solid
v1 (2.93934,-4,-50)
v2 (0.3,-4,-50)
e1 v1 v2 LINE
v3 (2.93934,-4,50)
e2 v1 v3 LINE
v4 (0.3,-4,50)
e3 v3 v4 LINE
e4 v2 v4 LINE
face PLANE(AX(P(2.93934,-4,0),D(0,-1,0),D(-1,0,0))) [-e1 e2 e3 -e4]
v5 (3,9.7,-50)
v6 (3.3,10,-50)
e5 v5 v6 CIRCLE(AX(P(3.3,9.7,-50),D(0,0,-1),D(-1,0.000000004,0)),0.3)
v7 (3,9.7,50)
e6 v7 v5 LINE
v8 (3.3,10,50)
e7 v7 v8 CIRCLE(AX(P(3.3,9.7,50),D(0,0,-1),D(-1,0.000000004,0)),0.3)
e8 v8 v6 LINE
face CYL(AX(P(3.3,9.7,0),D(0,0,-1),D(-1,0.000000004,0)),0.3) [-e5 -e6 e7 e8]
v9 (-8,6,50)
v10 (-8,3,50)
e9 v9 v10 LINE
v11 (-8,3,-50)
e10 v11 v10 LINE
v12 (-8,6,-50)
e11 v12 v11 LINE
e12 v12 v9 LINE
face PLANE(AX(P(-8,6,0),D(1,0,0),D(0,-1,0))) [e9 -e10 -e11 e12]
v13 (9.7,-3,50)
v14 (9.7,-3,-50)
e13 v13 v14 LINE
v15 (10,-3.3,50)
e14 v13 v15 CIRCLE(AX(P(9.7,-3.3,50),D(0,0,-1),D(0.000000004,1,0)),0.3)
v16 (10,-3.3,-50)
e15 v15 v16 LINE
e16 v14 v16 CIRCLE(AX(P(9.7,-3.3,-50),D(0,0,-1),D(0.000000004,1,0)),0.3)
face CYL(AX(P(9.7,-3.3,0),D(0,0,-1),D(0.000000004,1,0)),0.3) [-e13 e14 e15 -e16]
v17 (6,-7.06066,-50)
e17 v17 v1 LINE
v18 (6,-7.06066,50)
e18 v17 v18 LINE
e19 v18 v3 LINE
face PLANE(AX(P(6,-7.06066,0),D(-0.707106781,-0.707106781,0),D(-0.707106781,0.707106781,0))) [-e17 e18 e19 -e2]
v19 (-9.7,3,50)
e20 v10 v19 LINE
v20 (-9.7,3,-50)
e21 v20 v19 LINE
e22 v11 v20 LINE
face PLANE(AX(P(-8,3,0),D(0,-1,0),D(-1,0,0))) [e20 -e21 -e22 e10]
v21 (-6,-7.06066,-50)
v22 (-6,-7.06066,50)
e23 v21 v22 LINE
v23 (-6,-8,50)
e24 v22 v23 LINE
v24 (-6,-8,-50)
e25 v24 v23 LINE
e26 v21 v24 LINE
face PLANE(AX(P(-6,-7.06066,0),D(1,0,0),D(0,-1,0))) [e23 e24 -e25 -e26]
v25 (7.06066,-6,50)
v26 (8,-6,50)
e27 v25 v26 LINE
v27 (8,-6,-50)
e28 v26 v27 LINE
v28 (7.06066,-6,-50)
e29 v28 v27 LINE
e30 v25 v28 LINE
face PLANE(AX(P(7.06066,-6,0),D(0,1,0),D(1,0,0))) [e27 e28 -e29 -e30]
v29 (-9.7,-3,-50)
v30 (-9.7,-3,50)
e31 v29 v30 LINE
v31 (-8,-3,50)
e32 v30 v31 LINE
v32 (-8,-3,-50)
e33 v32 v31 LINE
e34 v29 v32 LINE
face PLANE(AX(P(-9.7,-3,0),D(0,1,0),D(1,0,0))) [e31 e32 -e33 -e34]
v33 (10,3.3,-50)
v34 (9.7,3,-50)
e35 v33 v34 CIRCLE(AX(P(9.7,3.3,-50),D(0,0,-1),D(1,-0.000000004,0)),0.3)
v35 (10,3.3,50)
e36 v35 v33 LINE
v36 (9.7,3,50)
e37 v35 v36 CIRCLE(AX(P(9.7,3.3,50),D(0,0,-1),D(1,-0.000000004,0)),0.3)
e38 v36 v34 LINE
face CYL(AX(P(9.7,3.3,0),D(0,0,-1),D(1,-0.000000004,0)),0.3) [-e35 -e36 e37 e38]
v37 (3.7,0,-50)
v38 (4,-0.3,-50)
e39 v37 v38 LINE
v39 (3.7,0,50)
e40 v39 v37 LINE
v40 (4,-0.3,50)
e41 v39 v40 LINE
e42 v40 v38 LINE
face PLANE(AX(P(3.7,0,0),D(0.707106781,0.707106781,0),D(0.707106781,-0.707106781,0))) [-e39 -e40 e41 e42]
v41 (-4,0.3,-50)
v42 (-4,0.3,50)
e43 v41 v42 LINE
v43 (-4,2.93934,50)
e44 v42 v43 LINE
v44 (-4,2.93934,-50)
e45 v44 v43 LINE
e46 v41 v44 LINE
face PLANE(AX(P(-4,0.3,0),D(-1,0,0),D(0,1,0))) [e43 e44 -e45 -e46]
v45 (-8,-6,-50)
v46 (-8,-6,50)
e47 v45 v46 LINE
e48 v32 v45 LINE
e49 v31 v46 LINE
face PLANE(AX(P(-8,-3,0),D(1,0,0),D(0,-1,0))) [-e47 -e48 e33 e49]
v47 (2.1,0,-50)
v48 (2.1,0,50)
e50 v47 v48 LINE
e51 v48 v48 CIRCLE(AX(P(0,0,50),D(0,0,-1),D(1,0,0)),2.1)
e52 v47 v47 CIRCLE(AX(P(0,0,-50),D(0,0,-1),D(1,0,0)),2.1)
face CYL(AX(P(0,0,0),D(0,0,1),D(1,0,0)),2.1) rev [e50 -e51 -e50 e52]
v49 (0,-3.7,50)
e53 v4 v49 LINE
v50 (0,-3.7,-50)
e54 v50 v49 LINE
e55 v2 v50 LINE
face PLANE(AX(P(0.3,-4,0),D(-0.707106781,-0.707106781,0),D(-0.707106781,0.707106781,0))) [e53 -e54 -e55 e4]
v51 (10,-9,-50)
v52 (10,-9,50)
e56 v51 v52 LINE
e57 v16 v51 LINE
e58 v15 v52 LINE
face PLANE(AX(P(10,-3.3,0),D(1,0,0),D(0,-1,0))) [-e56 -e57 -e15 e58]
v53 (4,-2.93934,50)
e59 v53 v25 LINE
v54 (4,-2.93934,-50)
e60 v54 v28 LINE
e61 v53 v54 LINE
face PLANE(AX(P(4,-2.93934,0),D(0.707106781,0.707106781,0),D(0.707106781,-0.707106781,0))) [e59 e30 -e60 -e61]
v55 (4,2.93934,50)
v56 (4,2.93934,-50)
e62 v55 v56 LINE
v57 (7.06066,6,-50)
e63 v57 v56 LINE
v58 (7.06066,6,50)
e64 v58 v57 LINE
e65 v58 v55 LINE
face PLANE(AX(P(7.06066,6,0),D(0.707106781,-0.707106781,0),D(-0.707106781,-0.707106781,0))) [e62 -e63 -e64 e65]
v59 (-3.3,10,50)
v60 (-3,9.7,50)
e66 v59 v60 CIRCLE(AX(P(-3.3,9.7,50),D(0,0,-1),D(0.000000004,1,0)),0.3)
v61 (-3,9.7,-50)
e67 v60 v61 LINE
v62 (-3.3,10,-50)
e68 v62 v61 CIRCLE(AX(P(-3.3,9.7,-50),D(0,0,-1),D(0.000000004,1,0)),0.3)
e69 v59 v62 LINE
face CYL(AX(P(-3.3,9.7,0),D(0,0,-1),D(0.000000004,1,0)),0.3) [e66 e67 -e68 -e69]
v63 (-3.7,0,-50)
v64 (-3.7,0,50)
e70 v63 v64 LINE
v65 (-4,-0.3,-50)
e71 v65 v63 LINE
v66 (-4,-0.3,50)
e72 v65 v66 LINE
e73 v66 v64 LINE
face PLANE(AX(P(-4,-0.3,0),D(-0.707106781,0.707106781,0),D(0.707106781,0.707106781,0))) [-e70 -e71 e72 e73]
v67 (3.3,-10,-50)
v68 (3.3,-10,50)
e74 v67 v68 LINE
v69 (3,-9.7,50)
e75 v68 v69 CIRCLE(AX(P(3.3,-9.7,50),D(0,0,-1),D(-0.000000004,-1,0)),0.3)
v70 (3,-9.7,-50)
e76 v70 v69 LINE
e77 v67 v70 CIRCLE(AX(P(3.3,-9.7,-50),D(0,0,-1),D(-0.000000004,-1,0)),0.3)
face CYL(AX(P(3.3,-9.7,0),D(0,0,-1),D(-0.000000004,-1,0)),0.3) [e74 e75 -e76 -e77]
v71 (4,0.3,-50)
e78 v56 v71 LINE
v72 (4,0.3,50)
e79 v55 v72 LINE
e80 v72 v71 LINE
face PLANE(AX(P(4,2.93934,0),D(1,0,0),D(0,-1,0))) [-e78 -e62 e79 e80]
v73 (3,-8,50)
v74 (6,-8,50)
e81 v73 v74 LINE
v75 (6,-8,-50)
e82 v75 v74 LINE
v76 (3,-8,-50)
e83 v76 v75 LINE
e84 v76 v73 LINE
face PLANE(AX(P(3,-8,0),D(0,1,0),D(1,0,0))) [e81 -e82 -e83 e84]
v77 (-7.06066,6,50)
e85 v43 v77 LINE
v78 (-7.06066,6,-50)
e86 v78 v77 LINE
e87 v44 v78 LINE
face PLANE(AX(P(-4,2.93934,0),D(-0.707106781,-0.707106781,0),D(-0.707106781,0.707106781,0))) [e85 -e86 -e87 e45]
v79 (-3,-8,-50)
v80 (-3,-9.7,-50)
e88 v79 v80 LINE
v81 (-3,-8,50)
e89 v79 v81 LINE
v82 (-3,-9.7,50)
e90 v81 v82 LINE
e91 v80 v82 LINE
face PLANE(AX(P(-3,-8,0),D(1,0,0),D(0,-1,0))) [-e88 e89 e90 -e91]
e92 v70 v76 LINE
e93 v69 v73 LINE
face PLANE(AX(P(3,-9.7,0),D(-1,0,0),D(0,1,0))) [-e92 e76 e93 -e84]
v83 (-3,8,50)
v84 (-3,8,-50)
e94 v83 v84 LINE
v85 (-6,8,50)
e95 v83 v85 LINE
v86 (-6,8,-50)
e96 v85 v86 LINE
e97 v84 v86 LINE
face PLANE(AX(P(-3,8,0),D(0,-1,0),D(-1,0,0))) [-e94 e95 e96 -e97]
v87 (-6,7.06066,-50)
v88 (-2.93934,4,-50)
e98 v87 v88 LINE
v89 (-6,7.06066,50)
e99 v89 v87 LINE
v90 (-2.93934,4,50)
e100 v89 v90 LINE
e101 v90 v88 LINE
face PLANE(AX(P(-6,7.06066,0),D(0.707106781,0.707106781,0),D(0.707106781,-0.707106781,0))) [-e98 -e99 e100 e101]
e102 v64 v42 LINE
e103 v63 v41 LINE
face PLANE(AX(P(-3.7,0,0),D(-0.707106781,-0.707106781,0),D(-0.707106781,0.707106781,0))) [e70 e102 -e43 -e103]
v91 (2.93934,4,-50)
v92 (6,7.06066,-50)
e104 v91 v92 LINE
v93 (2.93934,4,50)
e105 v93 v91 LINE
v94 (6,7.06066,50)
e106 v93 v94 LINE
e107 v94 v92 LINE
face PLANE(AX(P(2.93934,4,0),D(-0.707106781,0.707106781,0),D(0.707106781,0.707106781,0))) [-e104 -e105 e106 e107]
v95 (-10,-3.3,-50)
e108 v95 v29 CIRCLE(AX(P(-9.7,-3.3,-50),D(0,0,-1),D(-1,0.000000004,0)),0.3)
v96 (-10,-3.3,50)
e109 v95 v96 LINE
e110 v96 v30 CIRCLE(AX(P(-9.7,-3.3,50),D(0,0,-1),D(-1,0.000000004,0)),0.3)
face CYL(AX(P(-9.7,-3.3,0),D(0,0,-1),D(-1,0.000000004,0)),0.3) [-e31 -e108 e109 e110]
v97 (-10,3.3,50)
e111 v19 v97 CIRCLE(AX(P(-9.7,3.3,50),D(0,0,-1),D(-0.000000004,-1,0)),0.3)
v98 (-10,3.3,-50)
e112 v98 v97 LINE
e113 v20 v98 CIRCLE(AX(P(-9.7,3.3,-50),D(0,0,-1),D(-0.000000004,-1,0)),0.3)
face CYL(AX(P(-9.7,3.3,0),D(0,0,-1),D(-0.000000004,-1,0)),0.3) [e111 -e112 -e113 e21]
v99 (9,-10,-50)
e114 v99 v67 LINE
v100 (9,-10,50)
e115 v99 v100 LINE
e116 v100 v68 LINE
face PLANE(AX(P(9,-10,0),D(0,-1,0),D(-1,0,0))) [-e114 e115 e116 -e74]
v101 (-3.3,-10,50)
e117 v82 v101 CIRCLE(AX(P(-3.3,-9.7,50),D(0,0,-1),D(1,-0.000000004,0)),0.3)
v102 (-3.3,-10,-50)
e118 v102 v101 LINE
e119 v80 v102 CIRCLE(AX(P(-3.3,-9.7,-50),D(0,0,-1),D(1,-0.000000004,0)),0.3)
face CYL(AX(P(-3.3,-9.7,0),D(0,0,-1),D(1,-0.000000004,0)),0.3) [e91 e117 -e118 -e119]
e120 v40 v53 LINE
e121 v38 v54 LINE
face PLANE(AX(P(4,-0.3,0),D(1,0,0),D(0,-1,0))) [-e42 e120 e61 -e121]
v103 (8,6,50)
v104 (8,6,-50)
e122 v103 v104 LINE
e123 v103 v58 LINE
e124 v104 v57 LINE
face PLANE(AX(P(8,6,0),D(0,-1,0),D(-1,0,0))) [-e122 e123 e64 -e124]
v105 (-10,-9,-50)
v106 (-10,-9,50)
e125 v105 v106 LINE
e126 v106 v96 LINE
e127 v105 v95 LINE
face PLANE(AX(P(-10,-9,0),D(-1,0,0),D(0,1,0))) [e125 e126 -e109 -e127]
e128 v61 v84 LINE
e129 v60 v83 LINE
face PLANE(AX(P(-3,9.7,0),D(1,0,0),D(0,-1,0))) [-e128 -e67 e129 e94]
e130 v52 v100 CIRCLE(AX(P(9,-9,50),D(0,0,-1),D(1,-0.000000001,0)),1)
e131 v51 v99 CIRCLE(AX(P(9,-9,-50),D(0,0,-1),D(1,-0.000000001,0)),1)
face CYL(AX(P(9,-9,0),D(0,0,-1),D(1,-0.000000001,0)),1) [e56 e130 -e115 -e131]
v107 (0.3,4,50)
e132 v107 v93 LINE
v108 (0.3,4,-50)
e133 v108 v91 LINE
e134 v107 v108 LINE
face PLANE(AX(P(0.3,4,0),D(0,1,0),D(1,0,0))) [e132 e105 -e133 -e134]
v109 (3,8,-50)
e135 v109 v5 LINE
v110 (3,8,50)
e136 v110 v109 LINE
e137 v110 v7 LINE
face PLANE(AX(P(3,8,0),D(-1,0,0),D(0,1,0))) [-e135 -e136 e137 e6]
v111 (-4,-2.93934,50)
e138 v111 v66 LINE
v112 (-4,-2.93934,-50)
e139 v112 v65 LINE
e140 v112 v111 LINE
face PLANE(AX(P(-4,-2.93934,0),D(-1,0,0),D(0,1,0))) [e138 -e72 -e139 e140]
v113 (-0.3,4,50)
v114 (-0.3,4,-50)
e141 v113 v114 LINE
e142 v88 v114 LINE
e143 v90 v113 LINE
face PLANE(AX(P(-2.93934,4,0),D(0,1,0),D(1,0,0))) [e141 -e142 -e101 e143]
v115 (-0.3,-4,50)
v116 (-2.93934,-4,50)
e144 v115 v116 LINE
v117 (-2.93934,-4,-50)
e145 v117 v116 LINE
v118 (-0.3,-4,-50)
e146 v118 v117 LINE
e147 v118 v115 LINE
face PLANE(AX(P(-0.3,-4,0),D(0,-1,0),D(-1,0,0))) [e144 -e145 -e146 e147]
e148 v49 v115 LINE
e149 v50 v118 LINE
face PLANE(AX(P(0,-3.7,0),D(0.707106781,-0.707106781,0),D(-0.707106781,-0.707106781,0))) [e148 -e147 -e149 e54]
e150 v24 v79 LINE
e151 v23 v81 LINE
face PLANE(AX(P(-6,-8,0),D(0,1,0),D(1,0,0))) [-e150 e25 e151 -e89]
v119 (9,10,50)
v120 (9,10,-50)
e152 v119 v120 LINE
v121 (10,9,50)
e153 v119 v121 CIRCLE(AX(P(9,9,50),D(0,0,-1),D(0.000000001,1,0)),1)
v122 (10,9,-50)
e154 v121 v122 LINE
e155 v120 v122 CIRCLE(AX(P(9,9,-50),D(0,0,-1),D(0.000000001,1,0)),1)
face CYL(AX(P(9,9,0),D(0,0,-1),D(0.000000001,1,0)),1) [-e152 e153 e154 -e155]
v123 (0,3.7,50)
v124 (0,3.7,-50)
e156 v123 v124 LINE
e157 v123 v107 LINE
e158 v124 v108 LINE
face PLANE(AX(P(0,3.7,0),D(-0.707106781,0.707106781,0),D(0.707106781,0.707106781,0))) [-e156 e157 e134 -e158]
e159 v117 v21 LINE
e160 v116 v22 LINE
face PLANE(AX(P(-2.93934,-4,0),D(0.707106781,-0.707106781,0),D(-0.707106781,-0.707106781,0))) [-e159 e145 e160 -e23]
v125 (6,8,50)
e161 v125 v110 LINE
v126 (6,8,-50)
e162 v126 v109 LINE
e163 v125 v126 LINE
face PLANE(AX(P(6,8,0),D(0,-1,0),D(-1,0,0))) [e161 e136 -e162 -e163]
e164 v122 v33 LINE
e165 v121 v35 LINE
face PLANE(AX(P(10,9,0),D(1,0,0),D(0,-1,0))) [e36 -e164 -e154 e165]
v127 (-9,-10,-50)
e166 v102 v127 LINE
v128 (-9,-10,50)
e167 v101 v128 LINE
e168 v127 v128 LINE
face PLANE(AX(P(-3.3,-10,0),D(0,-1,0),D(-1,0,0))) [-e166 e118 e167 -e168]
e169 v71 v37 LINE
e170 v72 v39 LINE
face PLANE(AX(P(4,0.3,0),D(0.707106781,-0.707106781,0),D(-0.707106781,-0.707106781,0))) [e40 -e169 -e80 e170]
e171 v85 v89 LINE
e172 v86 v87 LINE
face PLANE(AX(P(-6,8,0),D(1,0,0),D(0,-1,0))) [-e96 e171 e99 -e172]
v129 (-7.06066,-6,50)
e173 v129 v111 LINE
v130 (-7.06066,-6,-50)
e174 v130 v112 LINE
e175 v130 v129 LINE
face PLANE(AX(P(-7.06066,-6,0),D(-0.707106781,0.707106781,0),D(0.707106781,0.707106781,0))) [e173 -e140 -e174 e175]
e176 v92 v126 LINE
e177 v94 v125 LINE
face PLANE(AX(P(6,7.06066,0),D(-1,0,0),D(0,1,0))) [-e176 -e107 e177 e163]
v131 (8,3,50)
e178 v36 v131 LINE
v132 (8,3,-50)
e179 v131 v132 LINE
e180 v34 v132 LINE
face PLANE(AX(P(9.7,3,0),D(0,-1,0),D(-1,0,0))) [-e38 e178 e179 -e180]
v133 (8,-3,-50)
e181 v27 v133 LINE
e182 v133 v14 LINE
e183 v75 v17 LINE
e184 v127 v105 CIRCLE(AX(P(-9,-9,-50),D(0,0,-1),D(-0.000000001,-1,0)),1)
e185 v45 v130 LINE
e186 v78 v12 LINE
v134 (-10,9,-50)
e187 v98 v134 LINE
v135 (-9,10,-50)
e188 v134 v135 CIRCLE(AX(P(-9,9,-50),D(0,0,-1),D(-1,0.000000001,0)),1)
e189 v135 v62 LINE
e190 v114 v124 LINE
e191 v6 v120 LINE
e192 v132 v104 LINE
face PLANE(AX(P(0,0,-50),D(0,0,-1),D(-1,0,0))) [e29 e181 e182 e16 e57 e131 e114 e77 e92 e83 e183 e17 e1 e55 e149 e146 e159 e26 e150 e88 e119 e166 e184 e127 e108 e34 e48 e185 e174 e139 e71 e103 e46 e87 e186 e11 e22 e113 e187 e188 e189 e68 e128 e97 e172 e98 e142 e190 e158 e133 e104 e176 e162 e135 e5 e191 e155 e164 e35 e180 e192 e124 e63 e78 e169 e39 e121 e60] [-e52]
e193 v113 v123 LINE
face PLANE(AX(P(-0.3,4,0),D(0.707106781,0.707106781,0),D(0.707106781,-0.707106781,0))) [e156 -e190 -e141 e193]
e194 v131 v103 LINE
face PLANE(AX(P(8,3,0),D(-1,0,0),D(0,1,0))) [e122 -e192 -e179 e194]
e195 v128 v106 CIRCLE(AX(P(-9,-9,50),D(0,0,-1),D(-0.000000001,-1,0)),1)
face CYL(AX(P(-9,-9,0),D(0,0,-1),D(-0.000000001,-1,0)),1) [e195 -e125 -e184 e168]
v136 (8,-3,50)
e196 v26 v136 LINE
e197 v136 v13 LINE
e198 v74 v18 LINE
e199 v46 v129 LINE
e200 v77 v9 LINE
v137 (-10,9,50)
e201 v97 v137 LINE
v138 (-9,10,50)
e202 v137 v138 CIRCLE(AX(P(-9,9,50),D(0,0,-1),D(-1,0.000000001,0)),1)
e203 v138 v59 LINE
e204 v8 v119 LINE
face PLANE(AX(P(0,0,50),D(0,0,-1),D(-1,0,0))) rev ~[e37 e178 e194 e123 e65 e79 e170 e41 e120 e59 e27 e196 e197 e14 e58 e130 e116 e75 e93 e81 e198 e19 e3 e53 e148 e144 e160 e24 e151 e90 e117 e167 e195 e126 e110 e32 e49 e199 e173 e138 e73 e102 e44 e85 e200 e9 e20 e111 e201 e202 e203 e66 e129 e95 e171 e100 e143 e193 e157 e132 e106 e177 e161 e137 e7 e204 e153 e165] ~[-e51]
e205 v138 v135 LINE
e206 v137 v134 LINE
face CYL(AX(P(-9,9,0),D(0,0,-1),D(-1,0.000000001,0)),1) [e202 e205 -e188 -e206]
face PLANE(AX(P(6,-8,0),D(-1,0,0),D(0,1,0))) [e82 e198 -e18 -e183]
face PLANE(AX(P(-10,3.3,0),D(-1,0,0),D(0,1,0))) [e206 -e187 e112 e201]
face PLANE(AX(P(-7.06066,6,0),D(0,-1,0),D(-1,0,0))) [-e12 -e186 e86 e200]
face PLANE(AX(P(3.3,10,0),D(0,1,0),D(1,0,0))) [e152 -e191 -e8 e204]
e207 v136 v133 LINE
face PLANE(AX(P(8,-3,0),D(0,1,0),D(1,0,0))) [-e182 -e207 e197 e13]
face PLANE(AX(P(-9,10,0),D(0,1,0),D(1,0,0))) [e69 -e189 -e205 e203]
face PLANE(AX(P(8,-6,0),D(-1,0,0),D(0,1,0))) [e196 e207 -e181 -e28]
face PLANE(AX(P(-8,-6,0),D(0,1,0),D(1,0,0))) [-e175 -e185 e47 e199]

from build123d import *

# Parameters (mm, degrees)
SKETCH1_R           = 2.1
BOSS_EXTRUDE1_DEPTH = 50


with BuildPart() as part:
    # Sketch1 → Boss-Extrude1 (new, symmetric)
    with BuildSketch(Plane(origin=(0, 0, 0), x_dir=(-1, 0, 0), z_dir=(0, 0, -1))):
        with BuildLine():
            Line((10, 3.3), (10, 9))
            ThreePointArc((10, 9), (9.707106781, 9.707106781), (9, 10))
            Line((9, 10), (3.3, 10))
            ThreePointArc((3.3, 10), (3.087867966, 9.912132034), (3, 9.7))
            Line((3, 9.7), (3, 8))
            Line((3, 8), (6, 8))
            Line((6, 8), (6, 7.060660172))
            Line((6, 7.060660172), (2.939339828, 4))
            Line((2.939339828, 4), (0.3, 4))
            Line((0.3, 4), (0, 3.7))
            Line((0, 3.7), (-0.3, 4))
            Line((-0.3, 4), (-2.939339828, 4))
            Line((-2.939339828, 4), (-6, 7.060660172))
            Line((-6, 7.060660172), (-6, 8))
            Line((-6, 8), (-3, 8))
            Line((-3, 8), (-3, 9.7))
            ThreePointArc((-3, 9.7), (-3.087867966, 9.912132034), (-3.3, 10))
            Line((-3.3, 10), (-9, 10))
            ThreePointArc((-9, 10), (-9.707106781, 9.707106781), (-10, 9))
            Line((-10, 9), (-10, 3.3))
            ThreePointArc((-10, 3.3), (-9.912132034, 3.087867966), (-9.7, 3))
            Line((-9.7, 3), (-8, 3))
            Line((-8, 3), (-8, 6))
            Line((-8, 6), (-7.060660172, 6))
            Line((-7.060660172, 6), (-4, 2.939339828))
            Line((-4, 2.939339828), (-4, 0.3))
            Line((-4, 0.3), (-3.7, 0))
            Line((-3.7, 0), (-4, -0.3))
            Line((-4, -0.3), (-4, -2.939339828))
            Line((-4, -2.939339828), (-7.060660172, -6))
            Line((-7.060660172, -6), (-8, -6))
            Line((-8, -6), (-8, -3))
            Line((-8, -3), (-9.7, -3))
            ThreePointArc((-9.7, -3), (-9.912132034, -3.087867966), (-10, -3.3))
            Line((-10, -3.3), (-10, -9))
            ThreePointArc((-10, -9), (-9.707106781, -9.707106781), (-9, -10))
            Line((-9, -10), (-3.3, -10))
            ThreePointArc((-3.3, -10), (-3.087867966, -9.912132034), (-3, -9.7))
            Line((-3, -9.7), (-3, -8))
            Line((-3, -8), (-6, -8))
            Line((-6, -8), (-6, -7.060660172))
            Line((-6, -7.060660172), (-2.939339828, -4))
            Line((-2.939339828, -4), (-0.3, -4))
            Line((-0.3, -4), (0, -3.7))
            Line((0, -3.7), (0.3, -4))
            Line((0.3, -4), (2.939339828, -4))
            Line((2.939339828, -4), (6, -7.060660172))
            Line((6, -7.060660172), (6, -8))
            Line((6, -8), (3, -8))
            Line((3, -8), (3, -9.7))
            ThreePointArc((3, -9.7), (3.087867966, -9.912132034), (3.3, -10))
            Line((3.3, -10), (9, -10))
            ThreePointArc((9, -10), (9.707106781, -9.707106781), (10, -9))
            Line((10, -9), (10, -3.3))
            ThreePointArc((10, -3.3), (9.912132034, -3.087867966), (9.7, -3))
            Line((9.7, -3), (8, -3))
            Line((8, -3), (8, -6))
            Line((8, -6), (7.060660172, -6))
            Line((7.060660172, -6), (4, -2.939339828))
            Line((4, -2.939339828), (4, -0.3))
            Line((4, -0.3), (3.7, 0))
            Line((3.7, 0), (4, 0.3))
            Line((4, 0.3), (4, 2.939339828))
            Line((4, 2.939339828), (7.060660172, 6))
            Line((7.060660172, 6), (8, 6))
            Line((8, 6), (8, 3))
            Line((8, 3), (9.7, 3))
            ThreePointArc((9.7, 3), (9.912132034, 3.087867966), (10, 3.3))
        make_face()
        Circle(SKETCH1_R, mode=Mode.SUBTRACT)
    extrude(amount=BOSS_EXTRUDE1_DEPTH, both=True)


solid = part.part
